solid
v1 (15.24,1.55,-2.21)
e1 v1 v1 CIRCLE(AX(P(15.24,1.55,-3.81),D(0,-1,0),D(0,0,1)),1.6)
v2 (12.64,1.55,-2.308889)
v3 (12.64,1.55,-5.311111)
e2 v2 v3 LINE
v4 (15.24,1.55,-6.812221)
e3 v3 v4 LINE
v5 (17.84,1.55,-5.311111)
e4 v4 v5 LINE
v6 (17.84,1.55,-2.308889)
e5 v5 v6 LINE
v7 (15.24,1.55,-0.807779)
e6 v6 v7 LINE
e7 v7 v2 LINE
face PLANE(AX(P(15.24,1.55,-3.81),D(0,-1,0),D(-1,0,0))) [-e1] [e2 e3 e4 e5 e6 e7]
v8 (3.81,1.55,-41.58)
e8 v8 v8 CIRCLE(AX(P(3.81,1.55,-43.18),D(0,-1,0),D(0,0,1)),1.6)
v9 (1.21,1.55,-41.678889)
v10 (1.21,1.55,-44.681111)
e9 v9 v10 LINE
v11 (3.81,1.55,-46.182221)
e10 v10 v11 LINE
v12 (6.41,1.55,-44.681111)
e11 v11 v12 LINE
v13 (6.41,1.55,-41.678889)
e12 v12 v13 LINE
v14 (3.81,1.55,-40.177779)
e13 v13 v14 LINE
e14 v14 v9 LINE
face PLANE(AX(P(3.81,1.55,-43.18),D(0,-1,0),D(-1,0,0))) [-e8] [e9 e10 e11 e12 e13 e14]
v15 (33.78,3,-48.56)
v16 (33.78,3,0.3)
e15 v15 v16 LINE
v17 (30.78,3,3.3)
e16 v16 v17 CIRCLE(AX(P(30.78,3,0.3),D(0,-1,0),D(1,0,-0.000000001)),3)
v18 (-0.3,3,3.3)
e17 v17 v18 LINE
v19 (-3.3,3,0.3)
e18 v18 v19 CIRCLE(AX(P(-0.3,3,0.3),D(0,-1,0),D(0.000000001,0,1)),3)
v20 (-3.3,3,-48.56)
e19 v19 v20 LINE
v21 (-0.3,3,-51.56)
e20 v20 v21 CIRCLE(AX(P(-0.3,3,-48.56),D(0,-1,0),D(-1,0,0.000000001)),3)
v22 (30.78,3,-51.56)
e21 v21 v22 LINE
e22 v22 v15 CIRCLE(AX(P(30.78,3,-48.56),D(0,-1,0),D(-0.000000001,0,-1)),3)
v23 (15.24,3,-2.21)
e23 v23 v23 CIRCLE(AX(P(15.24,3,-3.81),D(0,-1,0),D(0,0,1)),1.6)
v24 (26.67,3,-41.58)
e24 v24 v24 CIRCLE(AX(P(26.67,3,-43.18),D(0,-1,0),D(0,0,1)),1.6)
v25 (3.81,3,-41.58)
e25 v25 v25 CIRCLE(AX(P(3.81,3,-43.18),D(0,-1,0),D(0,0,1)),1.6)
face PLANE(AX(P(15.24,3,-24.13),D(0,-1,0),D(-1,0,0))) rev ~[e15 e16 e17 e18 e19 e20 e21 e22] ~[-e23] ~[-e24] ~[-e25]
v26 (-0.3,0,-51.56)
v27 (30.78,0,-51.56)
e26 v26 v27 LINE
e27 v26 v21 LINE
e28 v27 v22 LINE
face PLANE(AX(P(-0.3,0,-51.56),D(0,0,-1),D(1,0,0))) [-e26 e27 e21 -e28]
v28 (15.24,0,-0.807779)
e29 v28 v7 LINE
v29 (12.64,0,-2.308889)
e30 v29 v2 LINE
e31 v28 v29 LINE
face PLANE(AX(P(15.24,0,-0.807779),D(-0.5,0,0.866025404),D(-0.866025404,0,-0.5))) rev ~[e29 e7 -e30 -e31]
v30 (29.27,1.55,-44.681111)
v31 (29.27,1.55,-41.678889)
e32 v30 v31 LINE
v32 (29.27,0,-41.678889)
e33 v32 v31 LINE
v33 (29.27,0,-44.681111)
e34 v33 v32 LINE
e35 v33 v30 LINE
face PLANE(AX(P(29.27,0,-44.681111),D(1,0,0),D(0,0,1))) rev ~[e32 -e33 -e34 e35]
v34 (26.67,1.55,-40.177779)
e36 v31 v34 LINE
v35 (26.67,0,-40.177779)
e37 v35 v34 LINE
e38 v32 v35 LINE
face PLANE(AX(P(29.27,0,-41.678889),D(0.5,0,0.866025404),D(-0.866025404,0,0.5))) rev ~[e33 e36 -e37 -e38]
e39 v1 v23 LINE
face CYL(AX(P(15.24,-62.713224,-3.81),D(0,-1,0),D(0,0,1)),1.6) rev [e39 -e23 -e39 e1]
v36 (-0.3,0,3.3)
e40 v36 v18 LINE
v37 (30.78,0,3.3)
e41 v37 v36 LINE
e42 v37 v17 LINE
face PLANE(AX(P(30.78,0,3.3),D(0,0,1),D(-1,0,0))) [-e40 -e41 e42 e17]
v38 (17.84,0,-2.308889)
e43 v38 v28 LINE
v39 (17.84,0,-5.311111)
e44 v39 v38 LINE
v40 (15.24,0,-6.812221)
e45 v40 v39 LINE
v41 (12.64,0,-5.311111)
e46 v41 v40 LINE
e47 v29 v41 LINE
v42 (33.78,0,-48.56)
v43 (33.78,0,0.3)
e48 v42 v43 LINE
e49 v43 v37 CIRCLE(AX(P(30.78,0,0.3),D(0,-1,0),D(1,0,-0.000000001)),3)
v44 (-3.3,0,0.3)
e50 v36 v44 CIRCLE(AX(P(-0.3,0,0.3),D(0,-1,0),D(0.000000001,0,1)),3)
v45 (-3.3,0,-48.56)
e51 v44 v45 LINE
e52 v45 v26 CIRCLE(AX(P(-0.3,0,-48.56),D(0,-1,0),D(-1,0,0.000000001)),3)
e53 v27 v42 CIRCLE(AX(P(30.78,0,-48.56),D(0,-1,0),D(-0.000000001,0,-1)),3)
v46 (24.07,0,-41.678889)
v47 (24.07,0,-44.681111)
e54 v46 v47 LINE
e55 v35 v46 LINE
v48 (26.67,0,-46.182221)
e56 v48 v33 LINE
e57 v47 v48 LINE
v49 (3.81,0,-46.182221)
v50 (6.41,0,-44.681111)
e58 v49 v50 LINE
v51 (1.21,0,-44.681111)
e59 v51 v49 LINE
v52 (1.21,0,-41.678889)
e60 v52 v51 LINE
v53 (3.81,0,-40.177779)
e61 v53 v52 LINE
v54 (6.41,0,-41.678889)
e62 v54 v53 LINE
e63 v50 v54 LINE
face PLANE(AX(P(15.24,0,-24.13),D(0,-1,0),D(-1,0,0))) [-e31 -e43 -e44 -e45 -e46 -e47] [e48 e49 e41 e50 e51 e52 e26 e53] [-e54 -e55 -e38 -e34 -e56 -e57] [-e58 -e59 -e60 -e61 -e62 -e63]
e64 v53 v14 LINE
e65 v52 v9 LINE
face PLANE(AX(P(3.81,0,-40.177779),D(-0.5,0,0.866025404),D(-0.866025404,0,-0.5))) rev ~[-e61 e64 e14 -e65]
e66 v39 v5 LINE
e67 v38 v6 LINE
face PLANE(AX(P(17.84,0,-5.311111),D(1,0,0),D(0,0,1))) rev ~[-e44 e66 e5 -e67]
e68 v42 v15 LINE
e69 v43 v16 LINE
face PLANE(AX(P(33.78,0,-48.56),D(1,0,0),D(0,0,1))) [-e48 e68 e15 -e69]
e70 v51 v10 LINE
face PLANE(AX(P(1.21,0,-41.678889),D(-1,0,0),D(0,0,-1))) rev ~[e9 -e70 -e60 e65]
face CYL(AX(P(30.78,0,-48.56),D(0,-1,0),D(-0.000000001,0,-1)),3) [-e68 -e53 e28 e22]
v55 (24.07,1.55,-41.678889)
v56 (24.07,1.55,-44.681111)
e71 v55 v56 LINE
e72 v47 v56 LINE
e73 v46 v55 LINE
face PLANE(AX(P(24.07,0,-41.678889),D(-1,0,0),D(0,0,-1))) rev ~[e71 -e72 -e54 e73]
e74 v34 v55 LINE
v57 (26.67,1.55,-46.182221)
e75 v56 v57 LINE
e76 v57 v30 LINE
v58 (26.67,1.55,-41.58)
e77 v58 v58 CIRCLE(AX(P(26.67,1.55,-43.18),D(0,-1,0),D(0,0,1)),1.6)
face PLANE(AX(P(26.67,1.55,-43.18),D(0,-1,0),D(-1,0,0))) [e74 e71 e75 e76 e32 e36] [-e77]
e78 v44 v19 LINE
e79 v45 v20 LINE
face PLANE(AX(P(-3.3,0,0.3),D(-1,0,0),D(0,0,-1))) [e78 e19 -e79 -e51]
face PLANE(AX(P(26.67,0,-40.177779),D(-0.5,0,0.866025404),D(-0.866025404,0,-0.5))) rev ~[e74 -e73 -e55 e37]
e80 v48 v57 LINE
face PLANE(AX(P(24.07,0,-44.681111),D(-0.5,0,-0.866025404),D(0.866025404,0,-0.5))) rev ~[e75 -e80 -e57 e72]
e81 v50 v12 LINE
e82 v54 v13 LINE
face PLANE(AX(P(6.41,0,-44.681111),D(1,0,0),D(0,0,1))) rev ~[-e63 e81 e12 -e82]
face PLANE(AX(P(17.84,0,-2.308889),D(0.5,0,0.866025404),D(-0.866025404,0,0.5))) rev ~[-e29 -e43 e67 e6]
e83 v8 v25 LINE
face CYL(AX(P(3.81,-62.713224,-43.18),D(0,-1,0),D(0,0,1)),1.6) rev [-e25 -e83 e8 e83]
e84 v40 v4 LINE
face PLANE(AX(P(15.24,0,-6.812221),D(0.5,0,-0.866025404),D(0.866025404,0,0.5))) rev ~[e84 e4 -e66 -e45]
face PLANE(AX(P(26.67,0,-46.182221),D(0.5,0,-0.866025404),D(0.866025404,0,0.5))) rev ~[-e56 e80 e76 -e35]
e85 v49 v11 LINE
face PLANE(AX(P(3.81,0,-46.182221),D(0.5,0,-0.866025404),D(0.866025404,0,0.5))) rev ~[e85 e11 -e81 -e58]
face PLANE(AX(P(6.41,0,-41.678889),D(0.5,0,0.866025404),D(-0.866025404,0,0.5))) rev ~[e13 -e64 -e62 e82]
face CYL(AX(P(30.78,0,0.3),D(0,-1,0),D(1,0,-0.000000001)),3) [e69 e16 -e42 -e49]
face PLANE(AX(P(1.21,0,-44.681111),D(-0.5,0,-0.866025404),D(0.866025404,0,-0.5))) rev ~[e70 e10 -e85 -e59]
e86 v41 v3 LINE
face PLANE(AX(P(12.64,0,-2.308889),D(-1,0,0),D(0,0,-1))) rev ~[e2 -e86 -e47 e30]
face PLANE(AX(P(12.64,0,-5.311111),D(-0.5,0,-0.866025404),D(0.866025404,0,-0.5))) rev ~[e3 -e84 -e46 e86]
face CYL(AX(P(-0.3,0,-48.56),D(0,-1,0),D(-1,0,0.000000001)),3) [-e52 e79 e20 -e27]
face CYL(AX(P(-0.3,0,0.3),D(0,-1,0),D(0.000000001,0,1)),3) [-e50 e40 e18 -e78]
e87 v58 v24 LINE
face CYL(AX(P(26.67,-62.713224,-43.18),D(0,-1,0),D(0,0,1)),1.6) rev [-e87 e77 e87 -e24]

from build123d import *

# Parameters (mm, degrees)
BOSS_EXTRUDE1_DEPTH     = 3
CUT_EXTRUDE4_DEPTH      = 62.713223867
CUT_EXTRUDE4_DEPTH_BACK = 62.713223867
SKETCH2_R               = 1.6
CUT_EXTRUDE8_DEPTH      = 1.55


with BuildPart() as part:
    # Sketch1 → Boss-Extrude1 (new body)
    with BuildSketch(Plane(origin=(0, 0, 0), x_dir=(1, 0, 0), z_dir=(0, 1, 0))):
        with BuildLine():
            Line((-3.3, -0.3), (-3.3, 48.56))
            ThreePointArc((-3.3, 48.56), (-2.421320344, 50.681320344), (-0.3, 51.56))
            Line((-0.3, 51.56), (30.78, 51.56))
            ThreePointArc((30.78, 51.56), (32.901320344, 50.681320344), (33.78, 48.56))
            Line((33.78, 48.56), (33.78, -0.3))
            ThreePointArc((33.78, -0.3), (32.901320344, -2.421320344), (30.78, -3.3))
            Line((30.78, -3.3), (-0.3, -3.3))
            ThreePointArc((-0.3, -3.3), (-2.421320344, -2.421320344), (-3.3, -0.3))
        make_face()
    extrude(amount=BOSS_EXTRUDE1_DEPTH)

    # Sketch2 → Cut-Extrude4 (cut, two sides: drawn at the far end of the back side and taken through both)
    with BuildSketch(Plane(origin=(0, 0, 0), x_dir=(1, 0, 0), z_dir=(0, 1, 0)).offset(-CUT_EXTRUDE4_DEPTH_BACK)):
        with Locations(Location((3.81, 43.18, 0), (0, 0, 270))):
            Circle(SKETCH2_R)
        with Locations(Location((26.67, 43.18, 0), (0, 0, 270))):
            Circle(SKETCH2_R)
        with Locations(Location((15.24, 3.81, 0), (0, 0, 270))):
            Circle(SKETCH2_R)
    extrude(amount=CUT_EXTRUDE4_DEPTH + CUT_EXTRUDE4_DEPTH_BACK, mode=Mode.SUBTRACT)

    # Sketch10 → Cut-Extrude8 (cut)
    with BuildSketch(Plane(origin=(0, 0, 0), x_dir=(-1, 0, 0), z_dir=(0, -1, 0))):
        Polygon((-1.21, 44.6811107), (-3.81, 46.1822214), (-6.41, 44.6811107), (-6.41, 41.6788893), (-3.81, 40.1777786), (-1.21, 41.6788893), align=None)
        Polygon((-24.07, 44.6811107), (-26.67, 46.1822214), (-29.27, 44.6811107), (-29.27, 41.6788893), (-26.67, 40.1777786), (-24.07, 41.6788893), align=None)
        Polygon((-12.64, 5.3111107), (-15.24, 6.8122214), (-17.84, 5.3111107), (-17.84, 2.3088893), (-15.24, 0.8077786), (-12.64, 2.3088893), align=None)
    extrude(amount=-CUT_EXTRUDE8_DEPTH, mode=Mode.SUBTRACT)


solid = part.part
